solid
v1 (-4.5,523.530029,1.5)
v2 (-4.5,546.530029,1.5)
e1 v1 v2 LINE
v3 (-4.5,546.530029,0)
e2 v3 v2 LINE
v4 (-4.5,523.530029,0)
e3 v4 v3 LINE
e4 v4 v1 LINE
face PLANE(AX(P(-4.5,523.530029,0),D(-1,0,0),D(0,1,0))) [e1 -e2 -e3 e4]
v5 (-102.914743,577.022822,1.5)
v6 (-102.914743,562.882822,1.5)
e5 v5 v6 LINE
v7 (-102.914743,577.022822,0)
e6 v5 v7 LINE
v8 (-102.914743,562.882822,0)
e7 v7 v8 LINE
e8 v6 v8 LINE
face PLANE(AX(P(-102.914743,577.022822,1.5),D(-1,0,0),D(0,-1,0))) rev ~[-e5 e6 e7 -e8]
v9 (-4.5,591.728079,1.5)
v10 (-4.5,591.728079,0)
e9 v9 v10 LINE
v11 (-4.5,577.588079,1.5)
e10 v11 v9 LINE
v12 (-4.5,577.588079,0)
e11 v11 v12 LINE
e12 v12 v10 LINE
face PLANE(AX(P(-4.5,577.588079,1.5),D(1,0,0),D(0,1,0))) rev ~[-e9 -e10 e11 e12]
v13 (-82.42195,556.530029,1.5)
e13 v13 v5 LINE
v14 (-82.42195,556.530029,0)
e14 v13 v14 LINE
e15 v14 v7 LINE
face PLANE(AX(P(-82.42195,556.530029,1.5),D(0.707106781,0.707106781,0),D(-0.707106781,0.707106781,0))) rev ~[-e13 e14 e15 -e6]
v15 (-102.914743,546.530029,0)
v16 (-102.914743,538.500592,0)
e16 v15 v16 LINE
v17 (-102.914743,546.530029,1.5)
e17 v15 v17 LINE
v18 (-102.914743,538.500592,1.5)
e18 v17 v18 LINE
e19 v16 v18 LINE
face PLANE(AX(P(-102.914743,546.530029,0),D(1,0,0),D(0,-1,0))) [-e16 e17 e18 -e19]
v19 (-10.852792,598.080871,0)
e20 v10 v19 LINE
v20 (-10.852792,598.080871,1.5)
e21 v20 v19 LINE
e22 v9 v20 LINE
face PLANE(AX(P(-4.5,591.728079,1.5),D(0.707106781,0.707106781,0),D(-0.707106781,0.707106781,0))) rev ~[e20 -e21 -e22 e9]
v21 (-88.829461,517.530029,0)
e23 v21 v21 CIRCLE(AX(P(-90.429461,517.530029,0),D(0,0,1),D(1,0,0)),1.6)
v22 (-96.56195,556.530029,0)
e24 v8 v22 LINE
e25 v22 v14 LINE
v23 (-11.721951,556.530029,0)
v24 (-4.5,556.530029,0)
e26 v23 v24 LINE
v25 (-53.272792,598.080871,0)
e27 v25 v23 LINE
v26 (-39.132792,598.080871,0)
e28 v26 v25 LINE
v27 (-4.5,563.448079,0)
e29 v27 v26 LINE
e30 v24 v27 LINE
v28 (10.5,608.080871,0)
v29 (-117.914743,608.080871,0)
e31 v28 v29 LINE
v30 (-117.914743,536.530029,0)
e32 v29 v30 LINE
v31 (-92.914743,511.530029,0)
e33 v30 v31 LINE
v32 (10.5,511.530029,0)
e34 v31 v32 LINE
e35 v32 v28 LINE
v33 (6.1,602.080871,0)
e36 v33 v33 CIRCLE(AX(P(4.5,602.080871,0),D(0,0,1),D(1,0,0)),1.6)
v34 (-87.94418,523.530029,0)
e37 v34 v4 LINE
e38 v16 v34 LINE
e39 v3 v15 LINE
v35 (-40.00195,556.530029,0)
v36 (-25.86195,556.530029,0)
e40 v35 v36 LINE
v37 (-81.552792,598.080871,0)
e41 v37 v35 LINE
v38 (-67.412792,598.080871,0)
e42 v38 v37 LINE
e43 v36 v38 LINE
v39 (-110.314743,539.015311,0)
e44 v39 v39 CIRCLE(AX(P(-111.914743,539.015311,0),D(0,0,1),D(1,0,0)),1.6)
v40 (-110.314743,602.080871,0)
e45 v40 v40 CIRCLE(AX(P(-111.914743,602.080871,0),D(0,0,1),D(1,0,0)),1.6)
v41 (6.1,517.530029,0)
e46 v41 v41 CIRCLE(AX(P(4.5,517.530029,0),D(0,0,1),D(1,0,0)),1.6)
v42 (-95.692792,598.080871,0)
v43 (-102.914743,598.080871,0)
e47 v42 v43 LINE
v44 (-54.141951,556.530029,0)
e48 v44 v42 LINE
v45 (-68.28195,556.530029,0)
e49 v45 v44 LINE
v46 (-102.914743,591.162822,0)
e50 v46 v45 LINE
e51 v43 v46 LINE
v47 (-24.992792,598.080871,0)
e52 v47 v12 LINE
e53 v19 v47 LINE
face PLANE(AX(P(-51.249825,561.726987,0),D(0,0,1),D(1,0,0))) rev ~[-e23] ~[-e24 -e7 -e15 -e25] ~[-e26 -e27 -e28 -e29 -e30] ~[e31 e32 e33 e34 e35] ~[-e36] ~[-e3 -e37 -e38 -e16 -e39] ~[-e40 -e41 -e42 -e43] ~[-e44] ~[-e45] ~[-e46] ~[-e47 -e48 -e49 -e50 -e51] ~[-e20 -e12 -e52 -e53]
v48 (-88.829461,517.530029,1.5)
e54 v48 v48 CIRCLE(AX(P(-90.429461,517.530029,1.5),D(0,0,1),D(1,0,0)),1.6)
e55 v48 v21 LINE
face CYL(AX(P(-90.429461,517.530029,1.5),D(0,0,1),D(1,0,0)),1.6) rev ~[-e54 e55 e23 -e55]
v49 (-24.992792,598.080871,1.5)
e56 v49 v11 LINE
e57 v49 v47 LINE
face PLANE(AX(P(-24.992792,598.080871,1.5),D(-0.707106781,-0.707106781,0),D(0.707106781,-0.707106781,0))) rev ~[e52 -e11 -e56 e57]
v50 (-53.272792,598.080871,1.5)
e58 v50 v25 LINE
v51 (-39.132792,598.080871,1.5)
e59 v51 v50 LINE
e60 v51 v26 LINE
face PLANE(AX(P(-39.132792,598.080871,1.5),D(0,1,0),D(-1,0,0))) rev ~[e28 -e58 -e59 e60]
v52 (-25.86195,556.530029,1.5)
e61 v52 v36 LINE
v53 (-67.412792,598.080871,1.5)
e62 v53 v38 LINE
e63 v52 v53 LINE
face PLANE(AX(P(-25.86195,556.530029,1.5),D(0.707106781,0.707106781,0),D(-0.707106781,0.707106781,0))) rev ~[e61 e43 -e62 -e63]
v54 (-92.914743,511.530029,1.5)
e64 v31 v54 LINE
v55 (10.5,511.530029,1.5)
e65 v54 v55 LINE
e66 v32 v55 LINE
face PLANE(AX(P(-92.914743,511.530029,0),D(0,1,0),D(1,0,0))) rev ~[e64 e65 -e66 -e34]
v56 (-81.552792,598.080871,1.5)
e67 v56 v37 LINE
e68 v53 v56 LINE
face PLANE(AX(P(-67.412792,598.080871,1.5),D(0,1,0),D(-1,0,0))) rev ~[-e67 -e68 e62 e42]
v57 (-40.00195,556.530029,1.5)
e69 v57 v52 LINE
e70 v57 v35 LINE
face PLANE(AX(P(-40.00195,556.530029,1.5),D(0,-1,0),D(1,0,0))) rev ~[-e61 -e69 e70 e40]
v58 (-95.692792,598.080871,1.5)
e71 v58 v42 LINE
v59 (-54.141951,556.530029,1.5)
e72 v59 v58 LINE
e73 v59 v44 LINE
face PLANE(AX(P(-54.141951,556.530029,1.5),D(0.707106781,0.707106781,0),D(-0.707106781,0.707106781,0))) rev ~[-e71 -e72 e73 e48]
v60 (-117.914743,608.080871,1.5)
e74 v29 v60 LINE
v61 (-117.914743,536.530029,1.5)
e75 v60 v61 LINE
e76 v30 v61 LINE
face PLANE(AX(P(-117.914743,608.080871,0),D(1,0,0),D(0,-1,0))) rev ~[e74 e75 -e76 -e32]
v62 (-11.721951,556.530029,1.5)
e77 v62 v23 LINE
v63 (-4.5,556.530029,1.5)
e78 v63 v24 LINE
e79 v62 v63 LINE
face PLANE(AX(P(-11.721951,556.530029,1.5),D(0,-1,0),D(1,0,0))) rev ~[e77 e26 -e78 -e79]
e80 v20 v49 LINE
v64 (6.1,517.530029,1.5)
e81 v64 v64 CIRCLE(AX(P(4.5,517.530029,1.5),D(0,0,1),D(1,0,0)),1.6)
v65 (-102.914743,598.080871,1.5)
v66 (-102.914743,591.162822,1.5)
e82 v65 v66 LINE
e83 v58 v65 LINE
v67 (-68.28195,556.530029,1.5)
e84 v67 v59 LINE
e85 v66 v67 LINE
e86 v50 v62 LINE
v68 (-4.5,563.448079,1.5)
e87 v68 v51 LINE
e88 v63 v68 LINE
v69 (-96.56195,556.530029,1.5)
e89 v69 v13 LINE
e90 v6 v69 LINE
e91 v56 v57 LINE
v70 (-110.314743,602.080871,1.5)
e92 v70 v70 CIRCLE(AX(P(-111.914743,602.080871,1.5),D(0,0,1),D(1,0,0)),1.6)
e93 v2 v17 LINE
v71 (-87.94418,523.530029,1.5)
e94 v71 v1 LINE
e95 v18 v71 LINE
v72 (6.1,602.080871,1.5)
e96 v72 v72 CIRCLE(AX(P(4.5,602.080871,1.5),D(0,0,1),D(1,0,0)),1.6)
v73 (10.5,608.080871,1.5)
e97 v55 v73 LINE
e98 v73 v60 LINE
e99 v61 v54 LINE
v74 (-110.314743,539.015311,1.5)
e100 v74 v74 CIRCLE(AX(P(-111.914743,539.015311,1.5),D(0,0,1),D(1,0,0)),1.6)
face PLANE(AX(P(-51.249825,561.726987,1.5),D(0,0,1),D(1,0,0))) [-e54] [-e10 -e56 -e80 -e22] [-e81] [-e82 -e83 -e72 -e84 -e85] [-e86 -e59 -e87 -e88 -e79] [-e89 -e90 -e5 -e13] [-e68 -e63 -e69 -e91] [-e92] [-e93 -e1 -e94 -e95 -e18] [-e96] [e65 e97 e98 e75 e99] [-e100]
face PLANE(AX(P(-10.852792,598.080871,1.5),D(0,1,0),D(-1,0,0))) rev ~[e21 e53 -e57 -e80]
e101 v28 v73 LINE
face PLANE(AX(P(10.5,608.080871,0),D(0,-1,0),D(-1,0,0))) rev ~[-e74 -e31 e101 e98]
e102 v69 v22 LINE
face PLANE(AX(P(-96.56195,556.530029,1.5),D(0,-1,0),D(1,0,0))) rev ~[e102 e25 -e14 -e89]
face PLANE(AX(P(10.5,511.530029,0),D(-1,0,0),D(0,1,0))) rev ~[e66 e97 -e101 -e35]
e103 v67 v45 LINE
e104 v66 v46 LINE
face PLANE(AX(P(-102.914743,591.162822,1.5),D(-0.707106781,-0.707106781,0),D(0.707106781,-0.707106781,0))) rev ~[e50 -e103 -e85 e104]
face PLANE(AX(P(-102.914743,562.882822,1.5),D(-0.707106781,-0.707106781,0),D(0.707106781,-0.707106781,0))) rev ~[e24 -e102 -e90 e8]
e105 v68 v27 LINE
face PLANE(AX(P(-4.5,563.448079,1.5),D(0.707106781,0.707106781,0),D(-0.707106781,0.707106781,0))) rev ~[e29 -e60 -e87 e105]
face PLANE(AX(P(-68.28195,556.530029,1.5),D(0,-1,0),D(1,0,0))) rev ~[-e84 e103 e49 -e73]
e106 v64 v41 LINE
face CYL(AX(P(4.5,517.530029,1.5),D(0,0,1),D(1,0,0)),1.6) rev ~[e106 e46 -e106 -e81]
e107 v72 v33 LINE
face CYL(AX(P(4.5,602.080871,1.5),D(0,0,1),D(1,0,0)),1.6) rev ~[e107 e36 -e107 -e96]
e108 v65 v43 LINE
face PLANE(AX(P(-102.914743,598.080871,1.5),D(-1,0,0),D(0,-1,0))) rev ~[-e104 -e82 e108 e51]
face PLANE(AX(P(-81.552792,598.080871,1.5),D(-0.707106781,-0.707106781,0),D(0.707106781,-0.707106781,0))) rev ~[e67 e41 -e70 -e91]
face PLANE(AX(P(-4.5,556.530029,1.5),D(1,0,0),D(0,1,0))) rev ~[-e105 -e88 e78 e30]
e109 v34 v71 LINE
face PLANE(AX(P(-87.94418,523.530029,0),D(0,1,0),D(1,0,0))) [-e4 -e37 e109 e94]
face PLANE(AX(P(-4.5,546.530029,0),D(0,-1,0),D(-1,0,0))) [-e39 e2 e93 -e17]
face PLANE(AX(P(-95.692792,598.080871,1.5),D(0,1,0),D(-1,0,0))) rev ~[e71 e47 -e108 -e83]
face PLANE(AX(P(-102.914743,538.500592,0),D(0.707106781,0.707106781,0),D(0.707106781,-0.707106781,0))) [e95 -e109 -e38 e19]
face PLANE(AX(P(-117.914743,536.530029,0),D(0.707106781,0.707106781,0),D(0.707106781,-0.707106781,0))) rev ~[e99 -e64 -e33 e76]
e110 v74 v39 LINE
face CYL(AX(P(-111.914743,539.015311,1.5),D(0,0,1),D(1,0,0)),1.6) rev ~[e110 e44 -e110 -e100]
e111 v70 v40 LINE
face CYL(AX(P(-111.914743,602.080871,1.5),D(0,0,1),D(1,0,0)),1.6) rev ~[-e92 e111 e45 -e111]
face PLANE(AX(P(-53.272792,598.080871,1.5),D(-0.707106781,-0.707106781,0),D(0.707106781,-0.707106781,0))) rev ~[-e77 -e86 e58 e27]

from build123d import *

# Parameters (mm, degrees)
BOSS_EXTRUDE1_DEPTH = 1.5
SKETCH2_R           = 1.6
CUT_EXTRUDE1_DEPTH  = 3.5
CUT_EXTRUDE3_DEPTH  = 10


with BuildPart() as part:
    # Sketch1 → Boss-Extrude1 (new body)
    with BuildSketch(Plane.XY):
        Polygon((-117.914742868, 608.080871166), (-117.914742868, 536.530029297), (-92.914742868, 511.530029297), (10.5, 511.530029297), (10.5, 608.080871166), align=None)
        Polygon((-4.5, 523.530029297), (-4.5, 546.530029297), (-102.914742868, 546.530029297), (-102.914742868, 538.500592045), (-87.94418012, 523.530029297), align=None, mode=Mode.SUBTRACT)
    extrude(amount=BOSS_EXTRUDE1_DEPTH)

    # Sketch2 → Cut-Extrude1 (cut)
    with BuildSketch(Plane.XY.offset(1.5)):
        with Locations((-111.914742868, 539.015310671)):
            Circle(SKETCH2_R)
        with Locations((-90.429461494, 517.530029297)):
            Circle(SKETCH2_R)
        with Locations((-111.914742868, 602.080871166)):
            Circle(SKETCH2_R)
        with Locations((4.5, 602.080871166)):
            Circle(SKETCH2_R)
        with Locations((4.5, 517.530029297)):
            Circle(SKETCH2_R)
    extrude(amount=-CUT_EXTRUDE1_DEPTH, mode=Mode.SUBTRACT)

    # Sketch3 → Cut-Extrude3 (cut)
    with BuildSketch(Plane.XY.offset(1.5)):
        Polygon((-82.4219505, 556.530029297), (-102.914742868, 577.022821666), (-102.914742868, 562.882821666), (-96.5619505, 556.530029297), align=None)
        Polygon((-95.692792369, 598.080871166), (-102.914742868, 598.080871166), (-102.914742868, 591.162821666), (-68.2819505, 556.530029297), (-54.1419505, 556.530029297), align=None)
        Polygon((-67.412792369, 598.080871166), (-81.552792369, 598.080871166), (-40.0019505, 556.530029297), (-25.8619505, 556.530029297), align=None)
        Polygon((-39.132792369, 598.080871166), (-53.272792369, 598.080871166), (-11.7219505, 556.530029297), (-4.5, 556.530029297), (-4.5, 563.448078797), align=None)
        Polygon((-10.852792369, 598.080871166), (-24.992792369, 598.080871166), (-4.5, 577.588078797), (-4.5, 591.728078797), align=None)
    extrude(amount=-CUT_EXTRUDE3_DEPTH, mode=Mode.SUBTRACT)


solid = part.part
